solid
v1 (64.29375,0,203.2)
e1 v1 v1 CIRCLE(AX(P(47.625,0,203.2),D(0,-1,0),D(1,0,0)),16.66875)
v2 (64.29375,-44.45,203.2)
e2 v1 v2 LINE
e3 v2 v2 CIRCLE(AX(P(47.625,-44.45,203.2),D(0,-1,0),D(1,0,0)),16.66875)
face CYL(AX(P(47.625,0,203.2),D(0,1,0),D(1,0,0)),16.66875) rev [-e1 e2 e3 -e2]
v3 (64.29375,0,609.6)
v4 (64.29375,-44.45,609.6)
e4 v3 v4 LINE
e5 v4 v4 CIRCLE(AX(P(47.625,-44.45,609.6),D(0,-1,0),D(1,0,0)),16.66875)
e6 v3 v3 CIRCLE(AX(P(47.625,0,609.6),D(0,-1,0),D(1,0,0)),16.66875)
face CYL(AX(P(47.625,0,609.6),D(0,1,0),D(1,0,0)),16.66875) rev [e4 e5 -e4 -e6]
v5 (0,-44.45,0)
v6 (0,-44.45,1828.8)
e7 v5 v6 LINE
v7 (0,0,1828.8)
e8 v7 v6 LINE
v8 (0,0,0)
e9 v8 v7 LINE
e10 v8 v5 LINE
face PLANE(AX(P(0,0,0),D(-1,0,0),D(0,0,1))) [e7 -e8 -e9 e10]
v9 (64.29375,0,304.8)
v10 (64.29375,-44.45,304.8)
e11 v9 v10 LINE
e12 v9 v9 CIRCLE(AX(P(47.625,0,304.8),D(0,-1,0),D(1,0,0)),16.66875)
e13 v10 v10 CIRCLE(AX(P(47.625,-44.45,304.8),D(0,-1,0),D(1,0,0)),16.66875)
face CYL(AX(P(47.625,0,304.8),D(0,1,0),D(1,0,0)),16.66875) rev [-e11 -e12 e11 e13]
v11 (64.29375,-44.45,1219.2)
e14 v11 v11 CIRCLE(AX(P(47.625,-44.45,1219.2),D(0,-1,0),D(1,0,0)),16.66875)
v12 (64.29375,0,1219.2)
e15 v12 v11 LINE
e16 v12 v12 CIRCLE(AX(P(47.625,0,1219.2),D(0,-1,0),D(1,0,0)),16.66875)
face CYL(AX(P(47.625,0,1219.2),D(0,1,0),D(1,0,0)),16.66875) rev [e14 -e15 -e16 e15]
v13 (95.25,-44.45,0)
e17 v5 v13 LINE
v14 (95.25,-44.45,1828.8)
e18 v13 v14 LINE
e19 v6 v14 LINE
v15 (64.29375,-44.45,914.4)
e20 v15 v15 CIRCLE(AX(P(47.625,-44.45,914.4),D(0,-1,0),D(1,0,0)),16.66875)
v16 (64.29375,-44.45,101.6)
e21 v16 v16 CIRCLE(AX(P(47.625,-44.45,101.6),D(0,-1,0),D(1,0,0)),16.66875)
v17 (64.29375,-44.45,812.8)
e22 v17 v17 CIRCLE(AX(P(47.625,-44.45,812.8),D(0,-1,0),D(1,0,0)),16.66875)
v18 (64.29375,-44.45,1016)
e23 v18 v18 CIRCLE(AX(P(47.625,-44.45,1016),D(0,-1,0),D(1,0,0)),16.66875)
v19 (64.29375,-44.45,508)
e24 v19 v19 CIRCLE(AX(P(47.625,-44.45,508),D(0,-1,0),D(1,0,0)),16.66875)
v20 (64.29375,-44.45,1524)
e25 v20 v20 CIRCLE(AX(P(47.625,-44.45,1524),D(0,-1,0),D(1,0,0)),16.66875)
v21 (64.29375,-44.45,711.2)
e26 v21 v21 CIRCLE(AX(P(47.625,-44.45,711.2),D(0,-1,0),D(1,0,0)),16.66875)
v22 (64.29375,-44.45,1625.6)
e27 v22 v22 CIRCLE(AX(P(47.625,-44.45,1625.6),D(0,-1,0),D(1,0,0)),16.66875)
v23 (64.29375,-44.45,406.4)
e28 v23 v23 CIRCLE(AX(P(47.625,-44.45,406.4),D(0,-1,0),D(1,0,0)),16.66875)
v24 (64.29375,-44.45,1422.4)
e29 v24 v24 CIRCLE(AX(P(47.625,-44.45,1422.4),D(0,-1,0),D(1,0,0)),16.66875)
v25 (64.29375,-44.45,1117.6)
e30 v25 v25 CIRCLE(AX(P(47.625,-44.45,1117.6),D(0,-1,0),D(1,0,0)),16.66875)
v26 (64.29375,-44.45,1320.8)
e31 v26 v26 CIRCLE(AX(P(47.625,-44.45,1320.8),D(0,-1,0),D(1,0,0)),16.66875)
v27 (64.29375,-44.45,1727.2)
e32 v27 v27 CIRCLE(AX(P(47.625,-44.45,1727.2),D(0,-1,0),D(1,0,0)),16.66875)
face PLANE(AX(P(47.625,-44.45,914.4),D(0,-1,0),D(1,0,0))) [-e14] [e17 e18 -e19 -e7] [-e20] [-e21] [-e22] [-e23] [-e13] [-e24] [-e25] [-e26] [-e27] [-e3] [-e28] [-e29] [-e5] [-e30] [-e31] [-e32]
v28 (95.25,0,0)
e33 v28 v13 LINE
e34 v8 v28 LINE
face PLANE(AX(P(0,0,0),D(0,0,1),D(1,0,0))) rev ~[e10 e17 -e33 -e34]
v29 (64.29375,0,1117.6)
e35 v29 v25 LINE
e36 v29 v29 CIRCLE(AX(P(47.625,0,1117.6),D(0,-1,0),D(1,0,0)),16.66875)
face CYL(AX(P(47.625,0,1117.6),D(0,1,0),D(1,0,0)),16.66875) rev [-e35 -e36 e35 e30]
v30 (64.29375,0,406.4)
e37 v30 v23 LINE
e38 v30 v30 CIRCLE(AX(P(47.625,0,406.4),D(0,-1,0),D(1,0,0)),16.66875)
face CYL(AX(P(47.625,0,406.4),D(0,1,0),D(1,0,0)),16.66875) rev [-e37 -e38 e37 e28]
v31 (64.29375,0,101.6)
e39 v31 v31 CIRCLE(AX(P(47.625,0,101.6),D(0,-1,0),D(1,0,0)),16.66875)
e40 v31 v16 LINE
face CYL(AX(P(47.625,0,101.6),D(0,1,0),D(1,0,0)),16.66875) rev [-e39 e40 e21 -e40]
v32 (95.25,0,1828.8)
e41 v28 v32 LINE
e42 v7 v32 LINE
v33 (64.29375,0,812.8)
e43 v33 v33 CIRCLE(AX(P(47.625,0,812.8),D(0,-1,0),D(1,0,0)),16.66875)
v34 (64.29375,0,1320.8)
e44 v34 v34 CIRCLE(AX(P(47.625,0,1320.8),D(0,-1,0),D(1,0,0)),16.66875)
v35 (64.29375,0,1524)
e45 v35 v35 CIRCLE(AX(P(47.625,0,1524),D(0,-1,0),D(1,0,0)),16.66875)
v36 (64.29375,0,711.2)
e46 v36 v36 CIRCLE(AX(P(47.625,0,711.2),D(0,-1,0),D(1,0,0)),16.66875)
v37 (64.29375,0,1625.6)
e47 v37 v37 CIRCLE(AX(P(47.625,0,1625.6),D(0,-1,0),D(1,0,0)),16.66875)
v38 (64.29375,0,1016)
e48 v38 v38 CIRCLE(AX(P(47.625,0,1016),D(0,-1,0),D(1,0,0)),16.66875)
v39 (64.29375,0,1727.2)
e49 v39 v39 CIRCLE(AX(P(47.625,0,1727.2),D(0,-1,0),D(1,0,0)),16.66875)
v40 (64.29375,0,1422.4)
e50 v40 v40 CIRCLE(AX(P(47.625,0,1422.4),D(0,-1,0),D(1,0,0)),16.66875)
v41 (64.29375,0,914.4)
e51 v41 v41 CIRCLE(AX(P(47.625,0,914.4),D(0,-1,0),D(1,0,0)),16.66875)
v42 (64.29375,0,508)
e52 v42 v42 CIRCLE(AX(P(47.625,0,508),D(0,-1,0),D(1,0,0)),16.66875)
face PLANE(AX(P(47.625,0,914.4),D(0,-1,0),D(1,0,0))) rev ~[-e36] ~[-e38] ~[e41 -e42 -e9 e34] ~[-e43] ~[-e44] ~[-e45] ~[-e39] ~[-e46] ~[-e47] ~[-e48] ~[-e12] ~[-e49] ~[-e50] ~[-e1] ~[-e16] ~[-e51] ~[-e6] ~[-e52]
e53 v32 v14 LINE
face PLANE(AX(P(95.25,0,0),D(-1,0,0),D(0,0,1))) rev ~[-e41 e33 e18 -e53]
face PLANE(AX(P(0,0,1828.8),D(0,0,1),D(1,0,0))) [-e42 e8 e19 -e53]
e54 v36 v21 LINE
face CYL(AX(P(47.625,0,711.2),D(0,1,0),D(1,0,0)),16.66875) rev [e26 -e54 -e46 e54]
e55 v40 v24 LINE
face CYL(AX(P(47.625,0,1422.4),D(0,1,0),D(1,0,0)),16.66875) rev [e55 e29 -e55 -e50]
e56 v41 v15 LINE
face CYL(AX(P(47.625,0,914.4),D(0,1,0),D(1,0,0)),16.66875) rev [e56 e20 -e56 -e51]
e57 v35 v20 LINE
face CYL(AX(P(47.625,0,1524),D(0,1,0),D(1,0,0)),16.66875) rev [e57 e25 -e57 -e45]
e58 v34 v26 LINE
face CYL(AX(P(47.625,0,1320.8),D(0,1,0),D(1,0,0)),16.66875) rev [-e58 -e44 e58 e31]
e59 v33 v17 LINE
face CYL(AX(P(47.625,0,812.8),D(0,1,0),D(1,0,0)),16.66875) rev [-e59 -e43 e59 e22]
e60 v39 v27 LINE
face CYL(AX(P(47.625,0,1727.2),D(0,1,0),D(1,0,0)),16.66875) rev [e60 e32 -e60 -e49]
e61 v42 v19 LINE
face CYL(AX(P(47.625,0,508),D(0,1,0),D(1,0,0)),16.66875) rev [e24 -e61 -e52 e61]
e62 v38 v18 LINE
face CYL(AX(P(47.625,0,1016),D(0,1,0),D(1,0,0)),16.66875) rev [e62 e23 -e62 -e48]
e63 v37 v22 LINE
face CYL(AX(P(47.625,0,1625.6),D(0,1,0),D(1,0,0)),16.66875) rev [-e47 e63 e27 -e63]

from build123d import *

# Parameters (mm, degrees)
F0_W     = 95.25
F0_H     = 1828.8
F0_R     = 16.66875
F1_DEPTH = 44.45


with BuildPart() as f1:
    # F0 (on Front) → F1 (new body)
    with BuildSketch(Plane.XZ):
        with Locations((47.625, 914.4)):
            Rectangle(F0_W, F0_H)
        with Locations((47.625, 101.6)):
            Circle(F0_R, mode=Mode.SUBTRACT)
        with Locations((47.625, 203.2)):
            Circle(F0_R, mode=Mode.SUBTRACT)
        with Locations((47.625, 304.8)):
            Circle(F0_R, mode=Mode.SUBTRACT)
        with Locations((47.625, 406.4)):
            Circle(F0_R, mode=Mode.SUBTRACT)
        with Locations((47.625, 508)):
            Circle(F0_R, mode=Mode.SUBTRACT)
        with Locations((47.625, 609.6)):
            Circle(F0_R, mode=Mode.SUBTRACT)
        with Locations((47.625, 711.2)):
            Circle(F0_R, mode=Mode.SUBTRACT)
        with Locations((47.625, 812.8)):
            Circle(F0_R, mode=Mode.SUBTRACT)
        with Locations((47.625, 914.4)):
            Circle(F0_R, mode=Mode.SUBTRACT)
        with Locations((47.625, 1016)):
            Circle(F0_R, mode=Mode.SUBTRACT)
        with Locations((47.625, 1117.6)):
            Circle(F0_R, mode=Mode.SUBTRACT)
        with Locations((47.625, 1219.2)):
            Circle(F0_R, mode=Mode.SUBTRACT)
        with Locations((47.625, 1320.8)):
            Circle(F0_R, mode=Mode.SUBTRACT)
        with Locations((47.625, 1422.4)):
            Circle(F0_R, mode=Mode.SUBTRACT)
        with Locations((47.625, 1524)):
            Circle(F0_R, mode=Mode.SUBTRACT)
        with Locations((47.625, 1625.6)):
            Circle(F0_R, mode=Mode.SUBTRACT)
        with Locations((47.625, 1727.2)):
            Circle(F0_R, mode=Mode.SUBTRACT)
    extrude(amount=F1_DEPTH)


solid = f1.part
